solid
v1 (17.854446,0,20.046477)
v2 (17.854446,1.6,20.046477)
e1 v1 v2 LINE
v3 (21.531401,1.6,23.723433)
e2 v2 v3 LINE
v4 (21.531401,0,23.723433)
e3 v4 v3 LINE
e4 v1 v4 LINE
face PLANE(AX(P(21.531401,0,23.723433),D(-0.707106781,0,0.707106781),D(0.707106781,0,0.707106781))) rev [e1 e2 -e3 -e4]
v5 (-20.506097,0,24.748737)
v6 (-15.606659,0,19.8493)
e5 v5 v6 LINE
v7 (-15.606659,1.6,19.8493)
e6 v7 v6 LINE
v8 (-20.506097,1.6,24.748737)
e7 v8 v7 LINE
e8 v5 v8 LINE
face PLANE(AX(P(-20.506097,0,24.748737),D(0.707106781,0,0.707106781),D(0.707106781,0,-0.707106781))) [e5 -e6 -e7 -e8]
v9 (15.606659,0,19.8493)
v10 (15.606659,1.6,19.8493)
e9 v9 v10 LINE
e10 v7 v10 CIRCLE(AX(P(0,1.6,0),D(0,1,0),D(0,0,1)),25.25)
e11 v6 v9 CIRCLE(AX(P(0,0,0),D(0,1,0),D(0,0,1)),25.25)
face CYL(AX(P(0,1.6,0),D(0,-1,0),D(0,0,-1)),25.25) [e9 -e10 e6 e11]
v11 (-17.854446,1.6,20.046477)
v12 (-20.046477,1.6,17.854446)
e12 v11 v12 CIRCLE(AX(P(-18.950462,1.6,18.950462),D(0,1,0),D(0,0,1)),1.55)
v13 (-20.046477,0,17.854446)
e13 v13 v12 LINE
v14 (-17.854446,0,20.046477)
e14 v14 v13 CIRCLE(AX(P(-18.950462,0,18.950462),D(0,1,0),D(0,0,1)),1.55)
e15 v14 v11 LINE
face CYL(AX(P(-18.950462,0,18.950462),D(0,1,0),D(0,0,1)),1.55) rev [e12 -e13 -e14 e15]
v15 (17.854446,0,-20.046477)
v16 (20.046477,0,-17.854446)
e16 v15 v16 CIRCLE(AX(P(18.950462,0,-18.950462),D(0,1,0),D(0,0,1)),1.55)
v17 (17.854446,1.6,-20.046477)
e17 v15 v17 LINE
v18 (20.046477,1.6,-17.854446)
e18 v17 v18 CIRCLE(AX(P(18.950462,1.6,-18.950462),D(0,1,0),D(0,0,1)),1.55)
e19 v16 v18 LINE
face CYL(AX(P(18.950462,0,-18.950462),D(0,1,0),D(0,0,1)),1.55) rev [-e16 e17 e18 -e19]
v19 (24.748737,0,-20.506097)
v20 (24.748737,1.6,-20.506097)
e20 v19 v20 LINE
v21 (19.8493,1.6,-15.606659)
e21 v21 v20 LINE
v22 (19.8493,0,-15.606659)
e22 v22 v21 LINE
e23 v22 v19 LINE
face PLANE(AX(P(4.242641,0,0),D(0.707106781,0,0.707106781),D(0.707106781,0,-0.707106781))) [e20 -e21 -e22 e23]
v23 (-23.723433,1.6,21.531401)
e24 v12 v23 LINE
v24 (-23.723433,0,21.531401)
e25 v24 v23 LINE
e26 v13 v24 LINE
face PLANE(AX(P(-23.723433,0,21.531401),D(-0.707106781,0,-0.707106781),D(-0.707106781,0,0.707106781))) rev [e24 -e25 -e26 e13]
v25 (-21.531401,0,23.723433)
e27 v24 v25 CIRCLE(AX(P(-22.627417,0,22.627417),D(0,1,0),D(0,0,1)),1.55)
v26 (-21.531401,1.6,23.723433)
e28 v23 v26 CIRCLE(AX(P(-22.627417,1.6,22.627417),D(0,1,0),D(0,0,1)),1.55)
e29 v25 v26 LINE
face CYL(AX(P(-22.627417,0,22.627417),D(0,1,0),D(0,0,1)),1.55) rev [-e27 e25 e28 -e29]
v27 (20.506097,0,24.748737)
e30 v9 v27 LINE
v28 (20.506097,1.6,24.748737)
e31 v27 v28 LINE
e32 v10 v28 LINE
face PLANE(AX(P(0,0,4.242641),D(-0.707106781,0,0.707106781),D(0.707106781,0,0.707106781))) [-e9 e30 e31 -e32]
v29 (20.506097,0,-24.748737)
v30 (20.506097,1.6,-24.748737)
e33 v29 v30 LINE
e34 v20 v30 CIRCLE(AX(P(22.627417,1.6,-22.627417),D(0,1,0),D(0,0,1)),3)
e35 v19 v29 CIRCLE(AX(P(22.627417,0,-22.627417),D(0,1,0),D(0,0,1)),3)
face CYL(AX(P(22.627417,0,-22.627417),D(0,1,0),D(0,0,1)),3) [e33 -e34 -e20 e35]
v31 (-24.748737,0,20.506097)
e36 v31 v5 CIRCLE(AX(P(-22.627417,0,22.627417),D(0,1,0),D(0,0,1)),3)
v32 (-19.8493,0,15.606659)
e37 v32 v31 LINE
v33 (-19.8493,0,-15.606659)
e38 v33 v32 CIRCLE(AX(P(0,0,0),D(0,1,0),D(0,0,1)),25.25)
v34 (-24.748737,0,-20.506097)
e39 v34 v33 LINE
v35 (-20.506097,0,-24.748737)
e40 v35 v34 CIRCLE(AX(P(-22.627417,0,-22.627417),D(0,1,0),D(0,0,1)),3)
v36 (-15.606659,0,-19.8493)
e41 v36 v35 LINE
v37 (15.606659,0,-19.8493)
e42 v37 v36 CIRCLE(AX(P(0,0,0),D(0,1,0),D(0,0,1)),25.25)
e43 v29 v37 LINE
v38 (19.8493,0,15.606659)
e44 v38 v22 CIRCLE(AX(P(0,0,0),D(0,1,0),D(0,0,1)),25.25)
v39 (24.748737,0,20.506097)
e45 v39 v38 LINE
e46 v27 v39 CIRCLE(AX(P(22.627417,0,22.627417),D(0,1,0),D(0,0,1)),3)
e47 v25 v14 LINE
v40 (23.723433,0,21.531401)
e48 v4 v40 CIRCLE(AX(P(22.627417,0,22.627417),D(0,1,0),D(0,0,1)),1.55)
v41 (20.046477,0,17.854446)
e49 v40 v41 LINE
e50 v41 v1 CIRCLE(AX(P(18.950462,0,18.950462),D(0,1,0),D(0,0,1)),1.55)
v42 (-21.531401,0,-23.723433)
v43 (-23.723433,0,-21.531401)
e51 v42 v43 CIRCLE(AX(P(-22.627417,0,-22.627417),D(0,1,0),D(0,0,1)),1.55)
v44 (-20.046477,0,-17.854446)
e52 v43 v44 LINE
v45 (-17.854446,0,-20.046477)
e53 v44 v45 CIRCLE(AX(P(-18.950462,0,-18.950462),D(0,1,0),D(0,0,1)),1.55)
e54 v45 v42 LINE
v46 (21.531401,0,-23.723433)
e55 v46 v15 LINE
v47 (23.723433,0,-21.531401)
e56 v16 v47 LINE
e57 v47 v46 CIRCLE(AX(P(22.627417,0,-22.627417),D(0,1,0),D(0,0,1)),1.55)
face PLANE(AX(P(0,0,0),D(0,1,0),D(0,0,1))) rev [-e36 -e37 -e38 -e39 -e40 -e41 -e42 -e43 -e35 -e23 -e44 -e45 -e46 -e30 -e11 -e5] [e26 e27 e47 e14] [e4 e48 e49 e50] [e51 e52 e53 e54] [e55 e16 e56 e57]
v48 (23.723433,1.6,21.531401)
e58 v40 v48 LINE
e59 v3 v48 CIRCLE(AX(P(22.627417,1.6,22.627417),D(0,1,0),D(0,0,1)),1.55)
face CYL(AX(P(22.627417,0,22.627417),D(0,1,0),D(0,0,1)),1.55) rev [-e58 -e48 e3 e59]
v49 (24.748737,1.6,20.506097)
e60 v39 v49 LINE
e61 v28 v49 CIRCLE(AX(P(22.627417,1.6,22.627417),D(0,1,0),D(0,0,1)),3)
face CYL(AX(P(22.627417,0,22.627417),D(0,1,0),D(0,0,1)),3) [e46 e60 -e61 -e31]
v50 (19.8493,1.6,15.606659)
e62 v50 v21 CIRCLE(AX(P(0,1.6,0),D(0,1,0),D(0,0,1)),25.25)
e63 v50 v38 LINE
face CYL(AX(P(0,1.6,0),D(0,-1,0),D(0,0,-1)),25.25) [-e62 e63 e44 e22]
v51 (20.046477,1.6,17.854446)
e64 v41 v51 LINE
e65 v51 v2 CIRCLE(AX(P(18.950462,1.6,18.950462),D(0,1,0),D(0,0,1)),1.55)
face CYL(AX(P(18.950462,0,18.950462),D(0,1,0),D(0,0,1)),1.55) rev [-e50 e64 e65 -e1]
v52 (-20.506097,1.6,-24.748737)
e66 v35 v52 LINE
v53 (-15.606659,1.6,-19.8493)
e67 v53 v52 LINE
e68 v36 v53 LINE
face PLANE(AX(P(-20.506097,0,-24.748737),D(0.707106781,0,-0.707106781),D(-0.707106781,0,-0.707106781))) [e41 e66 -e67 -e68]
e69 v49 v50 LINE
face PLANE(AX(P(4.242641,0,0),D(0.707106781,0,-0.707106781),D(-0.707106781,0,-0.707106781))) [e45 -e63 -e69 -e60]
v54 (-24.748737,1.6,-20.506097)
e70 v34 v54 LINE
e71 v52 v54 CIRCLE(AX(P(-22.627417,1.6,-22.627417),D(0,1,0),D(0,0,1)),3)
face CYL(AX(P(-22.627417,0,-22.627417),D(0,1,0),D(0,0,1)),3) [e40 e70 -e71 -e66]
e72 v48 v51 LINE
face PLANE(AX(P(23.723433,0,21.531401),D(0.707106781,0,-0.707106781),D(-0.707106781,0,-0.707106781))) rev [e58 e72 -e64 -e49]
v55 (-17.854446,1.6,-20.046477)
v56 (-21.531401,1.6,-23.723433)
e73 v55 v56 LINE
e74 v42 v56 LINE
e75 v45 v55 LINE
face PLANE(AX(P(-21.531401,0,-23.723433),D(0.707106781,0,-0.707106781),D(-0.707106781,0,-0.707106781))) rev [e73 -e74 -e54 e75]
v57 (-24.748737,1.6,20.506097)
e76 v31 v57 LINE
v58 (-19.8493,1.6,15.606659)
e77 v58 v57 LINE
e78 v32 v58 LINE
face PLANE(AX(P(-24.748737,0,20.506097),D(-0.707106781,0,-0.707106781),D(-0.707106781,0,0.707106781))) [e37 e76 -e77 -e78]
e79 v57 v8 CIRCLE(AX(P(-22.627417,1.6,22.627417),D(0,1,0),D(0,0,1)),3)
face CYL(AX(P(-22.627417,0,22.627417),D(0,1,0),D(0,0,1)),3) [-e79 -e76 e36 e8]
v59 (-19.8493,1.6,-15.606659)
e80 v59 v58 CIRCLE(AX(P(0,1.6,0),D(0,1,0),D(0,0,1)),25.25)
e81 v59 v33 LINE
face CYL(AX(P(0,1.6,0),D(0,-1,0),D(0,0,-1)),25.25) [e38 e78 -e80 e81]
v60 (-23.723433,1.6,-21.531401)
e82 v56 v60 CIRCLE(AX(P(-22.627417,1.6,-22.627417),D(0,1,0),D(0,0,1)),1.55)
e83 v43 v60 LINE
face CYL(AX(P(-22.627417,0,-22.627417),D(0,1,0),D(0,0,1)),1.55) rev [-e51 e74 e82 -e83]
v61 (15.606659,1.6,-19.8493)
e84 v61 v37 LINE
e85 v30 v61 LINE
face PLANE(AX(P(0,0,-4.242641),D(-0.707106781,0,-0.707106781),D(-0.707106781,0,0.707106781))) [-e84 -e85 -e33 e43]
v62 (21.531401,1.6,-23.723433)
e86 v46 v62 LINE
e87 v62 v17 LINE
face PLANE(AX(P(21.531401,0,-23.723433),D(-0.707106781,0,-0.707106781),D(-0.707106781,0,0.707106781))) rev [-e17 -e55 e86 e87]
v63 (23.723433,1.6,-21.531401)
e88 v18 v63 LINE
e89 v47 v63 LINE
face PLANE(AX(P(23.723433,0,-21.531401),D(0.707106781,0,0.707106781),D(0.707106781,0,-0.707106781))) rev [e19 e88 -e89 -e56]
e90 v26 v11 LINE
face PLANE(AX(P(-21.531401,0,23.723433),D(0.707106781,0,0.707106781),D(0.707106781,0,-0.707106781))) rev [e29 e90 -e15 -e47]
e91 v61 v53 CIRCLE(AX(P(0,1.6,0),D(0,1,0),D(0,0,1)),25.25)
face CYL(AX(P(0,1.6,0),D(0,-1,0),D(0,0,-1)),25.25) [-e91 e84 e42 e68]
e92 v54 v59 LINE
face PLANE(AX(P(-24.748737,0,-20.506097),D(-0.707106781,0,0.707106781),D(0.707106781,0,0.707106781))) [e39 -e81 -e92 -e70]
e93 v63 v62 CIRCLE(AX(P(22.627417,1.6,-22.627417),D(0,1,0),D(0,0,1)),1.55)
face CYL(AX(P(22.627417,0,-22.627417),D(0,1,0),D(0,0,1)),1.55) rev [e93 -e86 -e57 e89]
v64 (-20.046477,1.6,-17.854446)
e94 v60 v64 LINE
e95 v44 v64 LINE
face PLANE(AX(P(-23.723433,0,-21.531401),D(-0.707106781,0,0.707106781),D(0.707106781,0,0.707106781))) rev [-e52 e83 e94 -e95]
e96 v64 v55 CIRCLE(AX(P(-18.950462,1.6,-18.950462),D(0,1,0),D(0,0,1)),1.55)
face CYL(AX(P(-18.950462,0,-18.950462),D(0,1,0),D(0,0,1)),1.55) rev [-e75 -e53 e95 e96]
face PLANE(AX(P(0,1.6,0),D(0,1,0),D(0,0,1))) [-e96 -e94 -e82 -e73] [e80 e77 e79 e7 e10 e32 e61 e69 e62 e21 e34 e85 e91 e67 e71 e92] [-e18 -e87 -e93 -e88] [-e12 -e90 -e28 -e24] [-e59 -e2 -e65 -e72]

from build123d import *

# Parameters (mm, degrees)
SKETCH_1_R      = 25.25
EXTRUDE_1_DEPTH = 1.6
EXTRUDE_2_DEPTH = 1.6


with BuildPart() as part:
    # 草图1 → 凸台-拉伸1 (new body)
    with BuildSketch(Plane(origin=(0, 0, 0), x_dir=(1, 0, 0), z_dir=(0, 1, 0))):
        with Locations(Location((0, 0, 0), (0, 0, 270))):
            Circle(SKETCH_1_R)
    extrude(amount=EXTRUDE_1_DEPTH)

    # 草图2 → 凸台-拉伸2 (add)
    with BuildSketch(Plane(origin=(0, 1.6, 0), x_dir=(1, 0, 0), z_dir=(0, 1, 0))):
        with BuildLine():
            Line((-20.506096654, 24.748737342), (0, 4.242640687))
            Line((0, 4.242640687), (20.506096654, 24.748737342))
            ThreePointArc((20.506096654, 24.748737342), (24.748737342, 24.748737342), (24.748737342, 20.506096654))
            Line((24.748737342, 20.506096654), (4.242640687, 0))
            Line((4.242640687, 0), (24.748737342, -20.506096654))
            ThreePointArc((24.748737342, -20.506096654), (24.748737342, -24.748737342), (20.506096654, -24.748737342))
            Line((20.506096654, -24.748737342), (0, -4.242640687))
            Line((0, -4.242640687), (-20.506096654, -24.748737342))
            ThreePointArc((-20.506096654, -24.748737342), (-24.748737342, -24.748737342), (-24.748737342, -20.506096654))
            Line((-24.748737342, -20.506096654), (-4.242640687, 0))
            Line((-4.242640687, 0), (-24.748737342, 20.506096654))
            ThreePointArc((-24.748737342, 20.506096654), (-24.748737342, 24.748737342), (-20.506096654, 24.748737342))
        make_face()
        with BuildLine():
            Line((-21.531401487, 23.723432509), (-17.854446225, 20.046477247))
            ThreePointArc((-17.854446225, 20.046477247), (-17.854446225, 17.854446225), (-20.046477247, 17.854446225))
            Line((-20.046477247, 17.854446225), (-23.723432509, 21.531401487))
            ThreePointArc((-23.723432509, 21.531401487), (-23.723432509, 23.723432509), (-21.531401487, 23.723432509))
        make_face(mode=Mode.SUBTRACT)
        with BuildLine():
            Line((23.723432509, 21.531401487), (20.046477247, 17.854446225))
            ThreePointArc((20.046477247, 17.854446225), (17.854446225, 17.854446225), (17.854446225, 20.046477247))
            Line((17.854446225, 20.046477247), (21.531401487, 23.723432509))
            ThreePointArc((21.531401487, 23.723432509), (23.723432509, 23.723432509), (23.723432509, 21.531401487))
        make_face(mode=Mode.SUBTRACT)
        with BuildLine():
            Line((21.531401487, -23.723432509), (17.854446225, -20.046477247))
            ThreePointArc((17.854446225, -20.046477247), (17.854446225, -17.854446225), (20.046477247, -17.854446225))
            Line((20.046477247, -17.854446225), (23.723432509, -21.531401487))
            ThreePointArc((23.723432509, -21.531401487), (23.723432509, -23.723432509), (21.531401487, -23.723432509))
        make_face(mode=Mode.SUBTRACT)
        with BuildLine():
            Line((-23.723432509, -21.531401487), (-20.046477247, -17.854446225))
            ThreePointArc((-20.046477247, -17.854446225), (-17.854446225, -17.854446225), (-17.854446225, -20.046477247))
            Line((-17.854446225, -20.046477247), (-21.531401487, -23.723432509))
            ThreePointArc((-21.531401487, -23.723432509), (-23.723432509, -23.723432509), (-23.723432509, -21.531401487))
        make_face(mode=Mode.SUBTRACT)
    extrude(amount=-EXTRUDE_2_DEPTH)


solid = part.part
